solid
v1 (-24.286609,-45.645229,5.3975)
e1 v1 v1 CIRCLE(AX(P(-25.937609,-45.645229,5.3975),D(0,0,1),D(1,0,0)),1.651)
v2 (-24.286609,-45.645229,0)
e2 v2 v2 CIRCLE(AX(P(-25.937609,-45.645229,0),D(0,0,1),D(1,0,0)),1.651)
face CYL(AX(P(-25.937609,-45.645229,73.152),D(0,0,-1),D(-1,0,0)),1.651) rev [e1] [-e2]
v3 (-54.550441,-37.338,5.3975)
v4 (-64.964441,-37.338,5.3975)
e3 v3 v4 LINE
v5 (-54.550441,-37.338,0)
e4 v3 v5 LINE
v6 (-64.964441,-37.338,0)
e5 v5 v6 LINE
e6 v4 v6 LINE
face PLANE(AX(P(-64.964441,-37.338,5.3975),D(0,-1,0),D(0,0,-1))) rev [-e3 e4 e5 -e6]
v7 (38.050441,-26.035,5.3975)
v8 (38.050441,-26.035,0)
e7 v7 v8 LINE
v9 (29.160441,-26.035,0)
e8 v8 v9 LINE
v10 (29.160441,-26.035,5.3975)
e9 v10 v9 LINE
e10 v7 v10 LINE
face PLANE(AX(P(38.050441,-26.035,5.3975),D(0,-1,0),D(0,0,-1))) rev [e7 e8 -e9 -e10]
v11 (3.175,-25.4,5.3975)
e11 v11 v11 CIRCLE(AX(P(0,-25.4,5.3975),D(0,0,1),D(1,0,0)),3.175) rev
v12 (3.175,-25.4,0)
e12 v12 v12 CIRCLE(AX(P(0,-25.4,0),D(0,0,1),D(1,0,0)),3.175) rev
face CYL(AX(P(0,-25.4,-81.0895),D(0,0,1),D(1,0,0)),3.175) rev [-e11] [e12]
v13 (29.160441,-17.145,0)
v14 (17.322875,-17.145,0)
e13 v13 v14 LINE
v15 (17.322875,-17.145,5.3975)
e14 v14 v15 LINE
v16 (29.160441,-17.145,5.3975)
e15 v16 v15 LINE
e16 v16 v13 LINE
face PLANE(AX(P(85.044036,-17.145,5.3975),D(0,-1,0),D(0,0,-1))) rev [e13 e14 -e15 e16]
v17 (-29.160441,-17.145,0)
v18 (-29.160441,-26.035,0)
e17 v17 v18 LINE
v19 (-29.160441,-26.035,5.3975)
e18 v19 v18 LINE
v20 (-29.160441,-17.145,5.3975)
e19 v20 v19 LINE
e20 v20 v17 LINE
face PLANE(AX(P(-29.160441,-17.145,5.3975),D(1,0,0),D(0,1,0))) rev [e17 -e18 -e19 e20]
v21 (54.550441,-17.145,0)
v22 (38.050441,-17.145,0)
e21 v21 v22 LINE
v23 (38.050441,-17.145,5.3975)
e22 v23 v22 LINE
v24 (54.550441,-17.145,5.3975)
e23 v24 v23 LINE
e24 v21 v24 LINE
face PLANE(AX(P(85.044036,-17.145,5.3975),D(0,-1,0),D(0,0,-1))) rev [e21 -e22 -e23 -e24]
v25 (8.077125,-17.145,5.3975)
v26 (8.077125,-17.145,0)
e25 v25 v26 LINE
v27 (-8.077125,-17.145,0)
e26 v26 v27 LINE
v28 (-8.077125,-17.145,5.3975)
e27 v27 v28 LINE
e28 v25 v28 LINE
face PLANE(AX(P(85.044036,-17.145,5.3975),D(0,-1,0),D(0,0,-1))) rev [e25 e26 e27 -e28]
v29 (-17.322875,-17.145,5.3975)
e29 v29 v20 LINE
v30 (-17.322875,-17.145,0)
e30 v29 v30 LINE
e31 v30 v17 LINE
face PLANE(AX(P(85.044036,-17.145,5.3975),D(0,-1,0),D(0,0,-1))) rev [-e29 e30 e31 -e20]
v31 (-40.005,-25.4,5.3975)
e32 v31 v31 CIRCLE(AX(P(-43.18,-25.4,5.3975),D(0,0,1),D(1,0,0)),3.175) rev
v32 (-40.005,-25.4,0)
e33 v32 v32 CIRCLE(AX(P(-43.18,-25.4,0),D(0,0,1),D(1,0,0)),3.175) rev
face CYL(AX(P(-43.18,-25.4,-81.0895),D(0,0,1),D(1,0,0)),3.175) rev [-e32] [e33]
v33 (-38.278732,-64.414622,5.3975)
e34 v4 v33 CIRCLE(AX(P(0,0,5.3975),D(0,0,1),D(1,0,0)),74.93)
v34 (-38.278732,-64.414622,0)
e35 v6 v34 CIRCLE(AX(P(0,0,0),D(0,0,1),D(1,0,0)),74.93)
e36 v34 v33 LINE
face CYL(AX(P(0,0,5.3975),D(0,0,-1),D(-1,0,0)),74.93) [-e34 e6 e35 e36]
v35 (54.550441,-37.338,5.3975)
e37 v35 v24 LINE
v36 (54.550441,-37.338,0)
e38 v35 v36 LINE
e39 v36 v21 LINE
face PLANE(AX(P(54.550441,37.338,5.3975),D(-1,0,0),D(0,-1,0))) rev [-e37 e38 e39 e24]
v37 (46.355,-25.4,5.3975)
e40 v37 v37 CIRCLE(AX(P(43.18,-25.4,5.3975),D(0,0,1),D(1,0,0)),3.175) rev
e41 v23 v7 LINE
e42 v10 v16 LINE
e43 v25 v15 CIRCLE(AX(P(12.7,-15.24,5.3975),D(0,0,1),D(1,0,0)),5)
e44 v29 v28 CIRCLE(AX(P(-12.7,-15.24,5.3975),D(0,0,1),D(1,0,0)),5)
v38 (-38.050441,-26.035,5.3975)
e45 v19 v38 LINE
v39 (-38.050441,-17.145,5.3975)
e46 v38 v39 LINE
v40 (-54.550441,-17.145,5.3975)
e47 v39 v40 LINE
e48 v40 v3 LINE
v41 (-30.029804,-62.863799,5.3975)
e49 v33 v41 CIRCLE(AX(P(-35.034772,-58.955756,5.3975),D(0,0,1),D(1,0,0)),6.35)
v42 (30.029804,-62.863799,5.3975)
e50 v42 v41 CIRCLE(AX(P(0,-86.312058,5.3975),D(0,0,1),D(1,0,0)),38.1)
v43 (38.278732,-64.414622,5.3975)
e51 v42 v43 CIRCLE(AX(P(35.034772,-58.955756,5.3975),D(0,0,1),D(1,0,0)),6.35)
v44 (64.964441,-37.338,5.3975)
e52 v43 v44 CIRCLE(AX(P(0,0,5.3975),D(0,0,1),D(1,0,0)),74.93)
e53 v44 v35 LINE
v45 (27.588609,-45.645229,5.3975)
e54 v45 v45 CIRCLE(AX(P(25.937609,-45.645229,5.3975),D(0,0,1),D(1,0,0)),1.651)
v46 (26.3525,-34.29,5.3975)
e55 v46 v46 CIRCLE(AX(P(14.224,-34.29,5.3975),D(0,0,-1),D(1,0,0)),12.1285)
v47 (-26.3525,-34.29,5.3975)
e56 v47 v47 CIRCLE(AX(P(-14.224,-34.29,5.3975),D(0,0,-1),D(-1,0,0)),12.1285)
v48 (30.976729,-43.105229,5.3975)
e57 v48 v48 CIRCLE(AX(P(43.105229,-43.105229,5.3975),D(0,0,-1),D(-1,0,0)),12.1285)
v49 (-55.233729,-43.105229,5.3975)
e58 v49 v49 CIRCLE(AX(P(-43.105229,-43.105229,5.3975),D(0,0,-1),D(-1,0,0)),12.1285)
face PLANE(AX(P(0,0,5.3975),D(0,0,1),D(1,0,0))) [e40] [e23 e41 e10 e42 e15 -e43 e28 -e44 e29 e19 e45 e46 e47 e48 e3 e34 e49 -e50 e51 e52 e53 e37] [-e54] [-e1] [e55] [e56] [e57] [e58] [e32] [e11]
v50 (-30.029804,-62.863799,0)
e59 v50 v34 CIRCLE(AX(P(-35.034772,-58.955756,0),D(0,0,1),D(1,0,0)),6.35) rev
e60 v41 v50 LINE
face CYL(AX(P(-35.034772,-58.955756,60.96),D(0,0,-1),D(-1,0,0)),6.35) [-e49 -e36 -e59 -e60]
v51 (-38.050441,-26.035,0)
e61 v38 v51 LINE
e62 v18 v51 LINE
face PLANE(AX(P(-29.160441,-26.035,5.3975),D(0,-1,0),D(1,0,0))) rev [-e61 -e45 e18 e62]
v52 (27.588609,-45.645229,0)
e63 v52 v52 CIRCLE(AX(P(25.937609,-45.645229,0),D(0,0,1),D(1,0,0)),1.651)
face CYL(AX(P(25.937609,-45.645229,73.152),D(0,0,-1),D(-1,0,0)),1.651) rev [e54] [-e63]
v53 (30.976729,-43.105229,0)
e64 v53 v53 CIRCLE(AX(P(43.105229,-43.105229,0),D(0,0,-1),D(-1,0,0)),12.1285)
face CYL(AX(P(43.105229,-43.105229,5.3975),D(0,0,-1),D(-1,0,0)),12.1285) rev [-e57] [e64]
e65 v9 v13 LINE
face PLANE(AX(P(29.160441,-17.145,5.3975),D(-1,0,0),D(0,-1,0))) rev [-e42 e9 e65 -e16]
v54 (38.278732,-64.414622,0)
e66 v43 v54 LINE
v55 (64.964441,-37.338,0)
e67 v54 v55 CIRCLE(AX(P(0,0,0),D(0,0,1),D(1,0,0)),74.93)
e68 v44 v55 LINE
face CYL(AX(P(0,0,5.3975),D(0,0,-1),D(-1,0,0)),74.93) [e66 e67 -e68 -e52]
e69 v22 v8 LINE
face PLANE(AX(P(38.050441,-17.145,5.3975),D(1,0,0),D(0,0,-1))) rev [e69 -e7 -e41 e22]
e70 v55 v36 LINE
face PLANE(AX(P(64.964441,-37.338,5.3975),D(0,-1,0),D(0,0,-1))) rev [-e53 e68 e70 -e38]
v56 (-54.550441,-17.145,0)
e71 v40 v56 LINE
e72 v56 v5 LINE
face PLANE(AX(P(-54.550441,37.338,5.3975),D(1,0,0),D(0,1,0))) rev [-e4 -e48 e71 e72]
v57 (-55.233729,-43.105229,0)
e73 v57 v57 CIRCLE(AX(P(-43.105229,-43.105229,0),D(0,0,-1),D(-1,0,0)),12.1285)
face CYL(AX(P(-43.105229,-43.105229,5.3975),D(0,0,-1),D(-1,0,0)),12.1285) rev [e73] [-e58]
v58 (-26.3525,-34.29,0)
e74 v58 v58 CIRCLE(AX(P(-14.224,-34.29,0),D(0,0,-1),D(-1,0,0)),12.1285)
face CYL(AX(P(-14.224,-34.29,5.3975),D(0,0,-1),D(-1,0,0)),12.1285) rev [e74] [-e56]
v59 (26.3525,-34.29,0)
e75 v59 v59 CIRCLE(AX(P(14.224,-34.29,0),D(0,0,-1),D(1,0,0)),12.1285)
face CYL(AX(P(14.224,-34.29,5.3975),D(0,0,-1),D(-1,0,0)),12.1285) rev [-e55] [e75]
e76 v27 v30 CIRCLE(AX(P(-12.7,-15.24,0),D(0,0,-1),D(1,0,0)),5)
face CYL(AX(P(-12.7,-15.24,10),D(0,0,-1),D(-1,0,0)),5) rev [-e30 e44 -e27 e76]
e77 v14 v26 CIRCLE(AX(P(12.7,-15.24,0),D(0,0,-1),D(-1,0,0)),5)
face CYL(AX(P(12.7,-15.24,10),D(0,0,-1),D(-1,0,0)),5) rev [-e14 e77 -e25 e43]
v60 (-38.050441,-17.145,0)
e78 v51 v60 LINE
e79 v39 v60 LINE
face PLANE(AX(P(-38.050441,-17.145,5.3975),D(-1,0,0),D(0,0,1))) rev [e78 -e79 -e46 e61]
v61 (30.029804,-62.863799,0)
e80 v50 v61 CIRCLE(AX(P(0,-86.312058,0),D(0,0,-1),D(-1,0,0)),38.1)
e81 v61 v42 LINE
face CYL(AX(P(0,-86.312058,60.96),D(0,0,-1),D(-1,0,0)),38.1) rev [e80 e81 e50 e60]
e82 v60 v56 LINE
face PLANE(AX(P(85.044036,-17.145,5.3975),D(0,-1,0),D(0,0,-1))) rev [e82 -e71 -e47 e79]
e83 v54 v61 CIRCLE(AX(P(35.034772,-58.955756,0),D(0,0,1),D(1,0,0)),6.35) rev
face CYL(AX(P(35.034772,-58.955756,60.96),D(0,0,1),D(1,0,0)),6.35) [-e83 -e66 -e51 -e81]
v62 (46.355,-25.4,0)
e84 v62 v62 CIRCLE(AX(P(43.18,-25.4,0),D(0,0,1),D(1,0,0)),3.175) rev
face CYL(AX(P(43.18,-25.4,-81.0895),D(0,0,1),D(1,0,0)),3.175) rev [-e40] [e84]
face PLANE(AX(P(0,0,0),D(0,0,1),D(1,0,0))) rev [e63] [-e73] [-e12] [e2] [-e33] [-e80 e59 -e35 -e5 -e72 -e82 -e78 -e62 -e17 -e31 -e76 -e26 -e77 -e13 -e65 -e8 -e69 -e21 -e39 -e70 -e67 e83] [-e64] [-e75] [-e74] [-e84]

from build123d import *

# Parameters (mm, degrees)
SKETCH1_R                 = 1.651
BOSS_EXTRUDE2_DEPTH       = 5.3975
SKETCH2_R                 = 1.143
CUT_EXTRUDE1_DEPTH        = 6.3975
SKETCH3_R                 = 12.1285
CUT_EXTRUDE2_DEPTH        = 6.3975
SKETCH4_W                 = 28.562713242
SKETCH4_H                 = 11.677503754
BOSS_EXTRUDE3_DEPTH       = 5.3975
SKETCH5_W                 = 216.7214489
SKETCH5_H                 = 130.569220634
CUT_EXTRUDE4_DEPTH        = 6.3975
SKETCH6_R                 = 38.1
CUT_EXTRUDE5_DEPTH        = 60.96
FILLET1_R                 = 6.35
FILLET2_R                 = 6.35
SKETCH102_W               = 8.89
SKETCH102_H               = 8.89
CUT_EXTRUDE101_DEPTH      = 6.3975001
SKETCH105_R               = 5
CUT_EXTRUDE104_DEPTH      = 10
SKETCH106_R               = 3.175
CUT_EXTRUDE105_DEPTH      = 103.378
CUT_EXTRUDE105_DEPTH_BACK = 1
SKETCH158_R               = 1.651
CUT_EXTRUDE157_DEPTH      = 97.79


with BuildPart() as part:
    # Sketch1 → Boss-Extrude2 (new body)
    with BuildSketch(Plane.XY):
        with BuildLine():
            Line((-64.964441474, 37.338), (-54.550441474, 37.338))
            Line((-54.550441474, 37.338), (-54.550441474, -37.338))
            Line((-54.550441474, -37.338), (-64.964441474, -37.338))
            ThreePointArc((-64.964441474, -37.338), (0, -74.93), (64.964441474, -37.338))
            Line((64.964441474, -37.338), (54.550441474, -37.338))
            Line((54.550441474, -37.338), (54.550441474, 37.338))
            Line((54.550441474, 37.338), (64.964441474, 37.338))
            ThreePointArc((64.964441474, 37.338), (0, 74.93), (-64.964441474, 37.338))
        make_face()
        with Locations((-46.482, 11.049)):
            Circle(SKETCH1_R, mode=Mode.SUBTRACT)
        with Locations((-21.083270032, 10.795)):
            Circle(SKETCH1_R, mode=Mode.SUBTRACT)
        with Locations((-21.083270032, -10.795)):
            Circle(SKETCH1_R, mode=Mode.SUBTRACT)
        with Locations((-46.482, -11.049)):
            Circle(SKETCH1_R, mode=Mode.SUBTRACT)
        with Locations((46.482, -11.049)):
            Circle(SKETCH1_R, mode=Mode.SUBTRACT)
        with Locations((21.083270032, -10.795)):
            Circle(SKETCH1_R, mode=Mode.SUBTRACT)
        with Locations((21.083270032, 10.795)):
            Circle(SKETCH1_R, mode=Mode.SUBTRACT)
        with Locations((46.482, 11.049)):
            Circle(SKETCH1_R, mode=Mode.SUBTRACT)
    extrude(amount=BOSS_EXTRUDE2_DEPTH)

    # Sketch2 → Cut-Extrude1 (cut, through all)
    with BuildSketch(Plane.XY.offset(5.3975)):
        with Locations((-6.731, 62.23)):
            Circle(SKETCH2_R)
        with Locations((6.731, 62.23)):
            Circle(SKETCH2_R)
    extrude(amount=-CUT_EXTRUDE1_DEPTH, mode=Mode.SUBTRACT)

    # Sketch3 → Cut-Extrude2 (cut, through all)
    with BuildSketch(Plane(origin=(0, 0, 0), x_dir=(-1, 0, 0), z_dir=(0, 0, -1))):
        with Locations((-43.105229381, -43.105229381)):
            Circle(SKETCH3_R)
        with Locations((14.224, -34.29)):
            Circle(SKETCH3_R)
        with Locations((14.224, 34.29)):
            Circle(SKETCH3_R)
        with Locations((-43.105229381, 43.105229381)):
            Circle(SKETCH3_R)
        with Locations((43.105229381, 43.105229381)):
            Circle(SKETCH3_R)
        with Locations((-14.224, 34.29)):
            Circle(SKETCH3_R)
        with Locations((-14.224, -34.29)):
            Circle(SKETCH3_R)
        with Locations((43.105229381, -43.105229381)):
            Circle(SKETCH3_R)
    extrude(amount=-CUT_EXTRUDE2_DEPTH, mode=Mode.SUBTRACT)

    # Sketch4 → Boss-Extrude3 (add)
    with BuildSketch(Plane(origin=(0, 0, 0), x_dir=(-1, 0, 0), z_dir=(0, 0, -1))):
        with Locations((-1.488809975, 62.152540216)):
            Rectangle(SKETCH4_W, SKETCH4_H)
    extrude(amount=-BOSS_EXTRUDE3_DEPTH)

    # Sketch5 → Cut-Extrude4 (cut, through all)
    with BuildSketch(Plane(origin=(0, 0, 0), x_dir=(-1, 0, 0), z_dir=(0, 0, -1))):
        with Locations((23.316688373, 48.139610317)):
            Rectangle(SKETCH5_W, SKETCH5_H)
    extrude(amount=-CUT_EXTRUDE4_DEPTH, mode=Mode.SUBTRACT)

    # Sketch6 → Cut-Extrude5 (cut)
    with BuildSketch(Plane(origin=(0, 0, 0), x_dir=(-1, 0, 0), z_dir=(0, 0, -1))):
        with Locations((0, -86.312058398)):
            Circle(SKETCH6_R)
    extrude(amount=-CUT_EXTRUDE5_DEPTH, mode=Mode.SUBTRACT)

    # Fillet1
    fillet1_edges = [part.edges().sort_by_distance(p)[0] for p in [
        (-33.000960548, -67.271401821, 2.69875),
    ]]
    fillet(fillet1_edges, radius=FILLET1_R)

    # Fillet2
    fillet2_edges = [part.edges().sort_by_distance(p)[0] for p in [
        (33.000960548, -67.271401821, 2.69875),
    ]]
    fillet(fillet2_edges, radius=FILLET2_R)

    # Sketch102 → Cut-Extrude101 (cut, through all)
    with BuildSketch(Plane(origin=(0, 0, 0), x_dir=(-1, 0, 0), z_dir=(0, 0, -1))):
        with Locations((-33.605441474, -21.59)):
            Rectangle(SKETCH102_W, SKETCH102_H)
        with Locations((33.605441474, -21.59)):
            Rectangle(SKETCH102_W, SKETCH102_H)
    extrude(amount=-CUT_EXTRUDE101_DEPTH, mode=Mode.SUBTRACT)

    # Sketch105 → Cut-Extrude104 (cut)
    with BuildSketch(Plane(origin=(0, 0, 0), x_dir=(-1, 0, 0), z_dir=(0, 0, -1))):
        with Locations((-12.7, -15.24)):
            Circle(SKETCH105_R)
        with Locations((12.7, -15.24)):
            Circle(SKETCH105_R)
    extrude(amount=-CUT_EXTRUDE104_DEPTH, mode=Mode.SUBTRACT)

    # Sketch106 → Cut-Extrude105 (cut, two sides)
    with BuildSketch(Plane(origin=(30.092005081, 4.08352975, 22.2885), x_dir=(-1, 0, 0), z_dir=(0, 0, -1))) as cut_extrude105_sk:
        with Locations((73.272005081, -29.48352975)):
            Circle(SKETCH106_R)
        with Locations((30.092005081, -29.48352975)):
            Circle(SKETCH106_R)
        with Locations((-13.087994919, -29.48352975)):
            Circle(SKETCH106_R)
    extrude(amount=CUT_EXTRUDE105_DEPTH, mode=Mode.SUBTRACT)
    extrude(cut_extrude105_sk.sketch, amount=-CUT_EXTRUDE105_DEPTH_BACK, mode=Mode.SUBTRACT)

    # Sketch158 → Cut-Extrude157 (cut)
    with BuildSketch(Plane(origin=(30.092005081, 4.08352975, -24.638), x_dir=(-1, 0, 0), z_dir=(0, 0, -1))):
        with Locations((4.154396091, -49.728759131)):
            Circle(SKETCH158_R)
        with Locations((56.02961407, -49.728759131)):
            Circle(SKETCH158_R)
    extrude(amount=-CUT_EXTRUDE157_DEPTH, mode=Mode.SUBTRACT)


solid = part.part
